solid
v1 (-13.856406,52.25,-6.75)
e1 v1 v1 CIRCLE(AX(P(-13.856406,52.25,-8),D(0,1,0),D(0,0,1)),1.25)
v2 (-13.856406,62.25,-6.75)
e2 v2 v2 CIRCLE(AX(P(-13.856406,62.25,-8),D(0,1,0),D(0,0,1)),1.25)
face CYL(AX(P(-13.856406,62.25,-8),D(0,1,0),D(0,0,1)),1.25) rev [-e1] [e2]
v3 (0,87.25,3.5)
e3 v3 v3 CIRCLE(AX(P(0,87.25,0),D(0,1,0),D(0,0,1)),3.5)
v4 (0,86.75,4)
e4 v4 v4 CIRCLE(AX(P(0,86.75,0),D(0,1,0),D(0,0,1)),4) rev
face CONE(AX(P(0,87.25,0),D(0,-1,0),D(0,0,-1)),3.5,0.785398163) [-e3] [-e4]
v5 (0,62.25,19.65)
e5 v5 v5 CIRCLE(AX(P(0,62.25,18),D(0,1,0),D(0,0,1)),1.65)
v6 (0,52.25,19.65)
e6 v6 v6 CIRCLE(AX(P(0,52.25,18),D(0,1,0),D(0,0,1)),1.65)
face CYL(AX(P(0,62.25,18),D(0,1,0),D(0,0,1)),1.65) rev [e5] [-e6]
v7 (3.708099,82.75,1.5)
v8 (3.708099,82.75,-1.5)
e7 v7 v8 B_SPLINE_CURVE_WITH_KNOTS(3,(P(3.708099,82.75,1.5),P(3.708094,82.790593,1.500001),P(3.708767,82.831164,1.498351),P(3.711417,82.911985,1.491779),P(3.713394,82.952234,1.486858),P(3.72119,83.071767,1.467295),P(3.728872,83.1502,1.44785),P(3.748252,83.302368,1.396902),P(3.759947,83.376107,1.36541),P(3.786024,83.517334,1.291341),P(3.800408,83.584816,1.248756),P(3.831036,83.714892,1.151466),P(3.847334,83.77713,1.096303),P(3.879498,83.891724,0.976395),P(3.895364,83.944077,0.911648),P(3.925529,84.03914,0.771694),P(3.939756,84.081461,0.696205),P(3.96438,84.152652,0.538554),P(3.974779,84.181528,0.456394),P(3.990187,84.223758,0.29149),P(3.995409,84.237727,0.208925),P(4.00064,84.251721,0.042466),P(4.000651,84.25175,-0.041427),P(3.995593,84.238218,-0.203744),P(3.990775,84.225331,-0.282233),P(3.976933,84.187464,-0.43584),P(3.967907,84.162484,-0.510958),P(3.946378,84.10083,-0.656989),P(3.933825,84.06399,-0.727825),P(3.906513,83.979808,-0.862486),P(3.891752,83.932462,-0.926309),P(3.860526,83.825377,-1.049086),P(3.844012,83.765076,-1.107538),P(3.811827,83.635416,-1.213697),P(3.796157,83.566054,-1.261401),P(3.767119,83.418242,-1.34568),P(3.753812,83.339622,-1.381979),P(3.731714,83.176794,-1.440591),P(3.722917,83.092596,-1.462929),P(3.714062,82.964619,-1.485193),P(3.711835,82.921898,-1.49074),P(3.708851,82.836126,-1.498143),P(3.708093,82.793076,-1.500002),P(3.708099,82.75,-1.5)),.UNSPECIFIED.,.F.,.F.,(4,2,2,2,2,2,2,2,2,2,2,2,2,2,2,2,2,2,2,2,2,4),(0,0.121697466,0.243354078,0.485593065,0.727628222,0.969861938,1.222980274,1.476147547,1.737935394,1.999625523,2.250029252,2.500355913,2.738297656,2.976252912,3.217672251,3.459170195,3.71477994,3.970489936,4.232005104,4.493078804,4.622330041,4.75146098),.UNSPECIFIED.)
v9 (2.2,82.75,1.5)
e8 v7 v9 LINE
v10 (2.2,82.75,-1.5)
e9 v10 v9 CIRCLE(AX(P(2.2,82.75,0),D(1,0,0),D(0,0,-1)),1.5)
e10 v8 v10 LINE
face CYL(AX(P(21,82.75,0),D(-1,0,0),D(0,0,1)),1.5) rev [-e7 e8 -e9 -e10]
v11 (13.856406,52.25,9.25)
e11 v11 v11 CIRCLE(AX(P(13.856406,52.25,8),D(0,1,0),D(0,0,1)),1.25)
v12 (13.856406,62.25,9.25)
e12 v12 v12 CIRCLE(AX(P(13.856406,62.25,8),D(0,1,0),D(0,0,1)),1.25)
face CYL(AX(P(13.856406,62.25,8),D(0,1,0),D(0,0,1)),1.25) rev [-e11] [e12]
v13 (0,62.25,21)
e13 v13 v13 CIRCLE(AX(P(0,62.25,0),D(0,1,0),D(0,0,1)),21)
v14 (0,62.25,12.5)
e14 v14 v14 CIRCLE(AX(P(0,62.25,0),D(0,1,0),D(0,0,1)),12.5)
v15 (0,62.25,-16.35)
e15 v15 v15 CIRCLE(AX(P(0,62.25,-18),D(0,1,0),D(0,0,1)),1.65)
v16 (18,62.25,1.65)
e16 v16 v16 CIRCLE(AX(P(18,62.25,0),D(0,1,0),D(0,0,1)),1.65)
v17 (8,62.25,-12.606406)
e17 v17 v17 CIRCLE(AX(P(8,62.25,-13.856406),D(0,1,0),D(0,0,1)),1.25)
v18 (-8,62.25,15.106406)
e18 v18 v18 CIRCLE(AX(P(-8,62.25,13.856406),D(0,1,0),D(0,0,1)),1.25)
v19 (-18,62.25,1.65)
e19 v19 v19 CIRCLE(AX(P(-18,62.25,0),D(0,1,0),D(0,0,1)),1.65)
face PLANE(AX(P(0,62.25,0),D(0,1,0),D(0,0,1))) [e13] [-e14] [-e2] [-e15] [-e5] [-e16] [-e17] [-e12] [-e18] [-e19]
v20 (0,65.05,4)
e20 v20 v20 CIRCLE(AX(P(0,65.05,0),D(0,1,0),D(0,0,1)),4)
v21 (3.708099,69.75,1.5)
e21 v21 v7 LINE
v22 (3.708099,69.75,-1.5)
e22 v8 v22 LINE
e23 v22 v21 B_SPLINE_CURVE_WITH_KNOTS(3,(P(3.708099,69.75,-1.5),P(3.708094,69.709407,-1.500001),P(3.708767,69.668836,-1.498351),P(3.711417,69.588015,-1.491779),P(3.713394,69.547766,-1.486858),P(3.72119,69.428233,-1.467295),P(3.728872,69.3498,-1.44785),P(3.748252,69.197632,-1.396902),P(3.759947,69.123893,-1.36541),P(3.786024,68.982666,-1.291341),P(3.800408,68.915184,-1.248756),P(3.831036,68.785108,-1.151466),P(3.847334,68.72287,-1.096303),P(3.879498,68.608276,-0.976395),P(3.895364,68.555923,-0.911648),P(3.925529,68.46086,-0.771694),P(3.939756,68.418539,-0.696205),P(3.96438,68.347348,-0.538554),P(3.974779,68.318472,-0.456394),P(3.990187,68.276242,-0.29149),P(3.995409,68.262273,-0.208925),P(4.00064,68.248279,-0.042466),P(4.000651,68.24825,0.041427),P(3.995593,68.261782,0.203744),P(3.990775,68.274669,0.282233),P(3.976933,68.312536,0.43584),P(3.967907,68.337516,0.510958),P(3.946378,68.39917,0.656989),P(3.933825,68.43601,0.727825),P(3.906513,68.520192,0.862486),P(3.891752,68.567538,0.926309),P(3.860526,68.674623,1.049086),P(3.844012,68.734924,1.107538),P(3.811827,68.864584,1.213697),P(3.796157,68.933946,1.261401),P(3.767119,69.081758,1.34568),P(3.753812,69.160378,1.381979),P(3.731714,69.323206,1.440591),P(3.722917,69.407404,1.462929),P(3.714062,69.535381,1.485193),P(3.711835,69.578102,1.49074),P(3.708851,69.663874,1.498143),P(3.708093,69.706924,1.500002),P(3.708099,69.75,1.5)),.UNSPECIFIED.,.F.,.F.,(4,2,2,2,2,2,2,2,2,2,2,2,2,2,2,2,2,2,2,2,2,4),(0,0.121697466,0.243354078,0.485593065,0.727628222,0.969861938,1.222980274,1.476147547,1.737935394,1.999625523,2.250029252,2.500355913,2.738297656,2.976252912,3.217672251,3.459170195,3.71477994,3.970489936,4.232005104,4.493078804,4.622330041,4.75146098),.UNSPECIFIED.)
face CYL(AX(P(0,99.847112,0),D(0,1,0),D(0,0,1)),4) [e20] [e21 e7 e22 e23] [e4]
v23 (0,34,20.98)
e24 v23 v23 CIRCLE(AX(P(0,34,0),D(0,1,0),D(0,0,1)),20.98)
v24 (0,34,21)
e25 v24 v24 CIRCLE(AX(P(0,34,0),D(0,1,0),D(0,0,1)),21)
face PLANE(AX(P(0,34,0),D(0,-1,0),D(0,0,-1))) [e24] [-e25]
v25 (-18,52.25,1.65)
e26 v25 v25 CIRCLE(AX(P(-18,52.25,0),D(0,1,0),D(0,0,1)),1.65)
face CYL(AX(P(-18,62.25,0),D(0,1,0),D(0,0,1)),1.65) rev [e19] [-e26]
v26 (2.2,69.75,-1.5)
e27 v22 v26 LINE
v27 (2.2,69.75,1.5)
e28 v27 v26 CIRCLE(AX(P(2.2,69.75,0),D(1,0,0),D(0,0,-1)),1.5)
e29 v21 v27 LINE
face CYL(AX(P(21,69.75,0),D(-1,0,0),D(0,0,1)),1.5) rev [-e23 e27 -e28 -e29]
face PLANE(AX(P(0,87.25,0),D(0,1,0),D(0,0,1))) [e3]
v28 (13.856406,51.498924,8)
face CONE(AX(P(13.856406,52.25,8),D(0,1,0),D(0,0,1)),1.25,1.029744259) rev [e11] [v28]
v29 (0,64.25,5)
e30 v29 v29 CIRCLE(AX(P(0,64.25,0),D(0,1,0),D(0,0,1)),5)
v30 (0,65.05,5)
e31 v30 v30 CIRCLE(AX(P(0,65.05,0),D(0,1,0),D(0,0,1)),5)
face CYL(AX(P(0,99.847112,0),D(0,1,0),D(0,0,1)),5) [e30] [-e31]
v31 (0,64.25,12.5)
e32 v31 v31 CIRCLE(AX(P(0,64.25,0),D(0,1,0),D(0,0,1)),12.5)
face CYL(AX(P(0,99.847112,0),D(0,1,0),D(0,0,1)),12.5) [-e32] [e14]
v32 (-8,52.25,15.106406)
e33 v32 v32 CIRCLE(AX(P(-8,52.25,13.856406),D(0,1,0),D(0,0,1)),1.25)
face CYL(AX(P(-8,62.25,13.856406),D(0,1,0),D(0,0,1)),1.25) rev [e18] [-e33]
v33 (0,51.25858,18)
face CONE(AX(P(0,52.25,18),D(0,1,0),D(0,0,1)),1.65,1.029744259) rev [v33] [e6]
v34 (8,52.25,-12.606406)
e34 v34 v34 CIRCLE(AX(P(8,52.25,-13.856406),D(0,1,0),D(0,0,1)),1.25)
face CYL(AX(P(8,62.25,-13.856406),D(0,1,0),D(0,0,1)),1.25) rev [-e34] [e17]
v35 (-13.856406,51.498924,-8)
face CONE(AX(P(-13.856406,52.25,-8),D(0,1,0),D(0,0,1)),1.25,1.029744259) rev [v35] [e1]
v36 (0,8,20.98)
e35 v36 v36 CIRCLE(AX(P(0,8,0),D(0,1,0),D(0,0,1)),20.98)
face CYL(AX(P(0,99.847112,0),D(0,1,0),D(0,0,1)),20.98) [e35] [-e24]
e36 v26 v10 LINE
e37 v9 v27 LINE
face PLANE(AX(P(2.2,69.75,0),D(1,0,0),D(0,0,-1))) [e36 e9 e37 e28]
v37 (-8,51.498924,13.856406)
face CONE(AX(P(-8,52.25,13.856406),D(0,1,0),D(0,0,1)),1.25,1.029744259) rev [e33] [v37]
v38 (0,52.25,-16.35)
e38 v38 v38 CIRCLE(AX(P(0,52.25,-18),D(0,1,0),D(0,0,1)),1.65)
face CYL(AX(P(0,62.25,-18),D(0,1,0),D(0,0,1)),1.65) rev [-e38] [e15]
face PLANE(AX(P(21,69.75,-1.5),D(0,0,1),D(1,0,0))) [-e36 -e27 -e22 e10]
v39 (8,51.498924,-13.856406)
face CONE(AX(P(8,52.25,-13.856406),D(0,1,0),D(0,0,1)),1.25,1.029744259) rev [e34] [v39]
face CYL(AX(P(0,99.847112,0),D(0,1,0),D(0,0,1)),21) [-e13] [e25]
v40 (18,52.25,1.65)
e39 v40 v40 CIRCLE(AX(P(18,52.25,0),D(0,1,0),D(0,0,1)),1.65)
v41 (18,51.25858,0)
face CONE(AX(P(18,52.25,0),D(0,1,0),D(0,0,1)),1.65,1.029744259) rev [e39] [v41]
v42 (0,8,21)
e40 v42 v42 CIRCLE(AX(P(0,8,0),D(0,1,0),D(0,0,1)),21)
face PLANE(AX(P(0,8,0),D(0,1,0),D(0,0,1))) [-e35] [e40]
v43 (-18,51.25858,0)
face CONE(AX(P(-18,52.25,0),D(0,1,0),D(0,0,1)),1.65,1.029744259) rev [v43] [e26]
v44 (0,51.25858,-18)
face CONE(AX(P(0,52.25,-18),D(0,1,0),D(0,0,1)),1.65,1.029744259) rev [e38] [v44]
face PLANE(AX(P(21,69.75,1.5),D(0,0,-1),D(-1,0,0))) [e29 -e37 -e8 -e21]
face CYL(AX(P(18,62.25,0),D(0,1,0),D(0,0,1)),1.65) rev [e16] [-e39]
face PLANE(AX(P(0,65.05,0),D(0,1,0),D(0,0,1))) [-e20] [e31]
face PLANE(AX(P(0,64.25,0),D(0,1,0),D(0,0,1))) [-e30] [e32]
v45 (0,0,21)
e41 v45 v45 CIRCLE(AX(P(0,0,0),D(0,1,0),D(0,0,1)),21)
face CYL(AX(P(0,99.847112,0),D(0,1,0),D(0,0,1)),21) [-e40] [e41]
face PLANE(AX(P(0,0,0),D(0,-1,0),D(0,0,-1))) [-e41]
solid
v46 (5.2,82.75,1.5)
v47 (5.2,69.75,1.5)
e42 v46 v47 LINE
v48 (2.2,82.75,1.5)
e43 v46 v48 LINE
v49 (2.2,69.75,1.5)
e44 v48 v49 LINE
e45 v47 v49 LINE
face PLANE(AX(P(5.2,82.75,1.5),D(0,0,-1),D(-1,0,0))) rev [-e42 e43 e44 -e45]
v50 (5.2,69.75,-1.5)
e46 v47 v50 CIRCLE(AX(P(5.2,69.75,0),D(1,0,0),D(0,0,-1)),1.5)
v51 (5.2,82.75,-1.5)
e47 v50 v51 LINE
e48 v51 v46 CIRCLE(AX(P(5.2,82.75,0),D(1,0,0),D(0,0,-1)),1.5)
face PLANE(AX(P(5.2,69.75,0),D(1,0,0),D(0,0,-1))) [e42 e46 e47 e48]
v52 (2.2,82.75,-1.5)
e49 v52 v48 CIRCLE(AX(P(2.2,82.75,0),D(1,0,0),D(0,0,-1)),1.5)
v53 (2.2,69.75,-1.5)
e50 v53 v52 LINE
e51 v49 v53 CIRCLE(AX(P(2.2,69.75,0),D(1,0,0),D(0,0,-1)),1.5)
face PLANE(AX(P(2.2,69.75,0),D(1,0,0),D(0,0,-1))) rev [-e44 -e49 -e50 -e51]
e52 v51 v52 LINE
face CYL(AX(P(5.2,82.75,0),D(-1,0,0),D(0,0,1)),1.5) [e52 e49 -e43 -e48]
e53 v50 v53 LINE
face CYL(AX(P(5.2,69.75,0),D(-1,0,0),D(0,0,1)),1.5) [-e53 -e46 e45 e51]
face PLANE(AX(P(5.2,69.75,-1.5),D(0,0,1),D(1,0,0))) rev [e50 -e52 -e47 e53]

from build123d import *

# Parameters (mm, degrees)
CUT_EXTRUDE_START           = 2.2
CUT_EXTRUDE_1_DEPTH         = 90.965950871
CHAMFER_1_SIZE              = 0.5
EXTRUDE_1_DEPTH             = 3
HOLE_WIZARD_M3_1_AT_2_COUNT = 2
HOLE_WIZARD_M3_1_AT_2_PITCH = 22.627416998
HOLE_WIZARD_M3_1_AT_3_COUNT = 2
HOLE_WIZARD_M3_1_AT_3_PITCH = 22.627416998
HOLE_WIZARD_M3_1_AT_4_COUNT = 2
HOLE_WIZARD_M3_1_AT_4_PITCH = 32
HOLE_WIZARD_M4_1_AT_2_COUNT = 2
HOLE_WIZARD_M4_1_AT_2_PITCH = 25.455844123
HOLE_WIZARD_M4_1_AT_3_COUNT = 2
HOLE_WIZARD_M4_1_AT_3_PITCH = 36
HOLE_WIZARD_M4_1_AT_4_COUNT = 2
HOLE_WIZARD_M4_1_AT_4_PITCH = 25.455844123


with BuildPart() as part:
    # 草图1 → 旋转1 (revolve)
    with BuildSketch(Plane.XY, mode=Mode.PRIVATE) as revolve_1_sk:
        Polygon((4, 87.25), (0, 87.25), (0, 0), (21, 0), (21, 8), (20.98, 8), (20.98, 34), (21, 34), (21, 62.25), (12.5, 62.25), (12.5, 64.25), (5, 64.25), (5, 65.05), (4, 65.05), align=None)
    revolve(revolve_1_sk.sketch.rotate(Axis((0, 99.847112311, 0), (0, -1, 0)), 90), axis=Axis((0, 99.847112311, 0), (0, -1, 0)))

    # 草图2 → 切除-拉伸1 (cut, through all)
    with BuildSketch(Plane(origin=(0, 0, 0), x_dir=(0, 0, -1), z_dir=(1, 0, 0)).offset(CUT_EXTRUDE_START)):
        with BuildLine():
            Line((-1.5, 69.75), (-1.5, 82.75))
            ThreePointArc((-1.5, 82.75), (0, 84.25), (1.5, 82.75))
            Line((1.5, 82.75), (1.5, 69.75))
            ThreePointArc((1.5, 69.75), (0, 68.25), (-1.5, 69.75))
        make_face()
    extrude(amount=CUT_EXTRUDE_1_DEPTH, mode=Mode.SUBTRACT)

    # 倒角1
    chamfer_1_edges = [part.edges().sort_by_distance(p)[0] for p in [
        (0, 87.25, -4),
    ]]
    chamfer(chamfer_1_edges, length=CHAMFER_1_SIZE)

    # 草图6 → M3 螺纹孔1 (revolve, cut)
    with BuildSketch(Plane(origin=(13.856406461, 62.25, 8), x_dir=(0, 0, 1), z_dir=(1, 0, 0))):
        Polygon((0, 0), (0, 10.751075774), (1.25, 10), (1.25, 0), align=None)
    hole_wizard_m3_1 = revolve(axis=Axis((13.856406461, 68.6, 8), (0, -1, 0)), mode=Mode.SUBTRACT)

    # M3 螺纹孔1 at 2: M3 螺纹孔1 ×2
    with Locations(*[Vector(-0.25881904510252673, 0, -0.9659258262890666) * (i * HOLE_WIZARD_M3_1_AT_2_PITCH) for i in range(1, HOLE_WIZARD_M3_1_AT_2_COUNT)]):
        add(hole_wizard_m3_1, mode=Mode.SUBTRACT)

    # M3 螺纹孔1 at 3: M3 螺纹孔1 ×2
    with Locations(*[Vector(-0.9659258262890666, 0, 0.25881904510252673) * (i * HOLE_WIZARD_M3_1_AT_3_PITCH) for i in range(1, HOLE_WIZARD_M3_1_AT_3_COUNT)]):
        add(hole_wizard_m3_1, mode=Mode.SUBTRACT)

    # M3 螺纹孔1 at 4: M3 螺纹孔1 ×2
    with Locations(*[Vector(-0.8660254037844418, 0, -0.4999999999999946) * (i * HOLE_WIZARD_M3_1_AT_4_PITCH) for i in range(1, HOLE_WIZARD_M3_1_AT_4_COUNT)]):
        add(hole_wizard_m3_1, mode=Mode.SUBTRACT)

    # 草图8 → M4 螺纹孔1 (revolve, cut)
    with BuildSketch(Plane(origin=(18, 62.25, 0), x_dir=(0, 0, 1), z_dir=(1, 0, 0))):
        Polygon((0, 0), (0, 10.991420021), (1.65, 10), (1.65, 0), align=None)
    hole_wizard_m4_1 = revolve(axis=Axis((18, 68.6, 0), (0, -1, 0)), mode=Mode.SUBTRACT)

    # M4 螺纹孔1 at 2: M4 螺纹孔1 ×2
    with Locations(*[Vector(-0.7071067811865476, 0, 0.7071067811865476) * (i * HOLE_WIZARD_M4_1_AT_2_PITCH) for i in range(1, HOLE_WIZARD_M4_1_AT_2_COUNT)]):
        add(hole_wizard_m4_1, mode=Mode.SUBTRACT)

    # M4 螺纹孔1 at 3: M4 螺纹孔1 ×2
    with Locations(*[(-i * HOLE_WIZARD_M4_1_AT_3_PITCH, 0, 0) for i in range(1, HOLE_WIZARD_M4_1_AT_3_COUNT)]):
        add(hole_wizard_m4_1, mode=Mode.SUBTRACT)

    # M4 螺纹孔1 at 4: M4 螺纹孔1 ×2
    with Locations(*[Vector(-0.7071067811865476, 0, -0.7071067811865476) * (i * HOLE_WIZARD_M4_1_AT_4_PITCH) for i in range(1, HOLE_WIZARD_M4_1_AT_4_COUNT)]):
        add(hole_wizard_m4_1, mode=Mode.SUBTRACT)


with BuildPart() as body_2:
    # 草图3 → 凸台-拉伸1 (new body)
    with BuildSketch(Plane(origin=(2.2, 0, 0), x_dir=(0, 0, -1), z_dir=(1, 0, 0))):
        with BuildLine():
            Line((1.5, 69.75), (1.5, 82.75))
            ThreePointArc((1.5, 82.75), (0, 84.25), (-1.5, 82.75))
            Line((-1.5, 82.75), (-1.5, 69.75))
            ThreePointArc((-1.5, 69.75), (0, 68.25), (1.5, 69.75))
        make_face()
    extrude(amount=EXTRUDE_1_DEPTH)


solid = Compound([part.part, body_2.part])
